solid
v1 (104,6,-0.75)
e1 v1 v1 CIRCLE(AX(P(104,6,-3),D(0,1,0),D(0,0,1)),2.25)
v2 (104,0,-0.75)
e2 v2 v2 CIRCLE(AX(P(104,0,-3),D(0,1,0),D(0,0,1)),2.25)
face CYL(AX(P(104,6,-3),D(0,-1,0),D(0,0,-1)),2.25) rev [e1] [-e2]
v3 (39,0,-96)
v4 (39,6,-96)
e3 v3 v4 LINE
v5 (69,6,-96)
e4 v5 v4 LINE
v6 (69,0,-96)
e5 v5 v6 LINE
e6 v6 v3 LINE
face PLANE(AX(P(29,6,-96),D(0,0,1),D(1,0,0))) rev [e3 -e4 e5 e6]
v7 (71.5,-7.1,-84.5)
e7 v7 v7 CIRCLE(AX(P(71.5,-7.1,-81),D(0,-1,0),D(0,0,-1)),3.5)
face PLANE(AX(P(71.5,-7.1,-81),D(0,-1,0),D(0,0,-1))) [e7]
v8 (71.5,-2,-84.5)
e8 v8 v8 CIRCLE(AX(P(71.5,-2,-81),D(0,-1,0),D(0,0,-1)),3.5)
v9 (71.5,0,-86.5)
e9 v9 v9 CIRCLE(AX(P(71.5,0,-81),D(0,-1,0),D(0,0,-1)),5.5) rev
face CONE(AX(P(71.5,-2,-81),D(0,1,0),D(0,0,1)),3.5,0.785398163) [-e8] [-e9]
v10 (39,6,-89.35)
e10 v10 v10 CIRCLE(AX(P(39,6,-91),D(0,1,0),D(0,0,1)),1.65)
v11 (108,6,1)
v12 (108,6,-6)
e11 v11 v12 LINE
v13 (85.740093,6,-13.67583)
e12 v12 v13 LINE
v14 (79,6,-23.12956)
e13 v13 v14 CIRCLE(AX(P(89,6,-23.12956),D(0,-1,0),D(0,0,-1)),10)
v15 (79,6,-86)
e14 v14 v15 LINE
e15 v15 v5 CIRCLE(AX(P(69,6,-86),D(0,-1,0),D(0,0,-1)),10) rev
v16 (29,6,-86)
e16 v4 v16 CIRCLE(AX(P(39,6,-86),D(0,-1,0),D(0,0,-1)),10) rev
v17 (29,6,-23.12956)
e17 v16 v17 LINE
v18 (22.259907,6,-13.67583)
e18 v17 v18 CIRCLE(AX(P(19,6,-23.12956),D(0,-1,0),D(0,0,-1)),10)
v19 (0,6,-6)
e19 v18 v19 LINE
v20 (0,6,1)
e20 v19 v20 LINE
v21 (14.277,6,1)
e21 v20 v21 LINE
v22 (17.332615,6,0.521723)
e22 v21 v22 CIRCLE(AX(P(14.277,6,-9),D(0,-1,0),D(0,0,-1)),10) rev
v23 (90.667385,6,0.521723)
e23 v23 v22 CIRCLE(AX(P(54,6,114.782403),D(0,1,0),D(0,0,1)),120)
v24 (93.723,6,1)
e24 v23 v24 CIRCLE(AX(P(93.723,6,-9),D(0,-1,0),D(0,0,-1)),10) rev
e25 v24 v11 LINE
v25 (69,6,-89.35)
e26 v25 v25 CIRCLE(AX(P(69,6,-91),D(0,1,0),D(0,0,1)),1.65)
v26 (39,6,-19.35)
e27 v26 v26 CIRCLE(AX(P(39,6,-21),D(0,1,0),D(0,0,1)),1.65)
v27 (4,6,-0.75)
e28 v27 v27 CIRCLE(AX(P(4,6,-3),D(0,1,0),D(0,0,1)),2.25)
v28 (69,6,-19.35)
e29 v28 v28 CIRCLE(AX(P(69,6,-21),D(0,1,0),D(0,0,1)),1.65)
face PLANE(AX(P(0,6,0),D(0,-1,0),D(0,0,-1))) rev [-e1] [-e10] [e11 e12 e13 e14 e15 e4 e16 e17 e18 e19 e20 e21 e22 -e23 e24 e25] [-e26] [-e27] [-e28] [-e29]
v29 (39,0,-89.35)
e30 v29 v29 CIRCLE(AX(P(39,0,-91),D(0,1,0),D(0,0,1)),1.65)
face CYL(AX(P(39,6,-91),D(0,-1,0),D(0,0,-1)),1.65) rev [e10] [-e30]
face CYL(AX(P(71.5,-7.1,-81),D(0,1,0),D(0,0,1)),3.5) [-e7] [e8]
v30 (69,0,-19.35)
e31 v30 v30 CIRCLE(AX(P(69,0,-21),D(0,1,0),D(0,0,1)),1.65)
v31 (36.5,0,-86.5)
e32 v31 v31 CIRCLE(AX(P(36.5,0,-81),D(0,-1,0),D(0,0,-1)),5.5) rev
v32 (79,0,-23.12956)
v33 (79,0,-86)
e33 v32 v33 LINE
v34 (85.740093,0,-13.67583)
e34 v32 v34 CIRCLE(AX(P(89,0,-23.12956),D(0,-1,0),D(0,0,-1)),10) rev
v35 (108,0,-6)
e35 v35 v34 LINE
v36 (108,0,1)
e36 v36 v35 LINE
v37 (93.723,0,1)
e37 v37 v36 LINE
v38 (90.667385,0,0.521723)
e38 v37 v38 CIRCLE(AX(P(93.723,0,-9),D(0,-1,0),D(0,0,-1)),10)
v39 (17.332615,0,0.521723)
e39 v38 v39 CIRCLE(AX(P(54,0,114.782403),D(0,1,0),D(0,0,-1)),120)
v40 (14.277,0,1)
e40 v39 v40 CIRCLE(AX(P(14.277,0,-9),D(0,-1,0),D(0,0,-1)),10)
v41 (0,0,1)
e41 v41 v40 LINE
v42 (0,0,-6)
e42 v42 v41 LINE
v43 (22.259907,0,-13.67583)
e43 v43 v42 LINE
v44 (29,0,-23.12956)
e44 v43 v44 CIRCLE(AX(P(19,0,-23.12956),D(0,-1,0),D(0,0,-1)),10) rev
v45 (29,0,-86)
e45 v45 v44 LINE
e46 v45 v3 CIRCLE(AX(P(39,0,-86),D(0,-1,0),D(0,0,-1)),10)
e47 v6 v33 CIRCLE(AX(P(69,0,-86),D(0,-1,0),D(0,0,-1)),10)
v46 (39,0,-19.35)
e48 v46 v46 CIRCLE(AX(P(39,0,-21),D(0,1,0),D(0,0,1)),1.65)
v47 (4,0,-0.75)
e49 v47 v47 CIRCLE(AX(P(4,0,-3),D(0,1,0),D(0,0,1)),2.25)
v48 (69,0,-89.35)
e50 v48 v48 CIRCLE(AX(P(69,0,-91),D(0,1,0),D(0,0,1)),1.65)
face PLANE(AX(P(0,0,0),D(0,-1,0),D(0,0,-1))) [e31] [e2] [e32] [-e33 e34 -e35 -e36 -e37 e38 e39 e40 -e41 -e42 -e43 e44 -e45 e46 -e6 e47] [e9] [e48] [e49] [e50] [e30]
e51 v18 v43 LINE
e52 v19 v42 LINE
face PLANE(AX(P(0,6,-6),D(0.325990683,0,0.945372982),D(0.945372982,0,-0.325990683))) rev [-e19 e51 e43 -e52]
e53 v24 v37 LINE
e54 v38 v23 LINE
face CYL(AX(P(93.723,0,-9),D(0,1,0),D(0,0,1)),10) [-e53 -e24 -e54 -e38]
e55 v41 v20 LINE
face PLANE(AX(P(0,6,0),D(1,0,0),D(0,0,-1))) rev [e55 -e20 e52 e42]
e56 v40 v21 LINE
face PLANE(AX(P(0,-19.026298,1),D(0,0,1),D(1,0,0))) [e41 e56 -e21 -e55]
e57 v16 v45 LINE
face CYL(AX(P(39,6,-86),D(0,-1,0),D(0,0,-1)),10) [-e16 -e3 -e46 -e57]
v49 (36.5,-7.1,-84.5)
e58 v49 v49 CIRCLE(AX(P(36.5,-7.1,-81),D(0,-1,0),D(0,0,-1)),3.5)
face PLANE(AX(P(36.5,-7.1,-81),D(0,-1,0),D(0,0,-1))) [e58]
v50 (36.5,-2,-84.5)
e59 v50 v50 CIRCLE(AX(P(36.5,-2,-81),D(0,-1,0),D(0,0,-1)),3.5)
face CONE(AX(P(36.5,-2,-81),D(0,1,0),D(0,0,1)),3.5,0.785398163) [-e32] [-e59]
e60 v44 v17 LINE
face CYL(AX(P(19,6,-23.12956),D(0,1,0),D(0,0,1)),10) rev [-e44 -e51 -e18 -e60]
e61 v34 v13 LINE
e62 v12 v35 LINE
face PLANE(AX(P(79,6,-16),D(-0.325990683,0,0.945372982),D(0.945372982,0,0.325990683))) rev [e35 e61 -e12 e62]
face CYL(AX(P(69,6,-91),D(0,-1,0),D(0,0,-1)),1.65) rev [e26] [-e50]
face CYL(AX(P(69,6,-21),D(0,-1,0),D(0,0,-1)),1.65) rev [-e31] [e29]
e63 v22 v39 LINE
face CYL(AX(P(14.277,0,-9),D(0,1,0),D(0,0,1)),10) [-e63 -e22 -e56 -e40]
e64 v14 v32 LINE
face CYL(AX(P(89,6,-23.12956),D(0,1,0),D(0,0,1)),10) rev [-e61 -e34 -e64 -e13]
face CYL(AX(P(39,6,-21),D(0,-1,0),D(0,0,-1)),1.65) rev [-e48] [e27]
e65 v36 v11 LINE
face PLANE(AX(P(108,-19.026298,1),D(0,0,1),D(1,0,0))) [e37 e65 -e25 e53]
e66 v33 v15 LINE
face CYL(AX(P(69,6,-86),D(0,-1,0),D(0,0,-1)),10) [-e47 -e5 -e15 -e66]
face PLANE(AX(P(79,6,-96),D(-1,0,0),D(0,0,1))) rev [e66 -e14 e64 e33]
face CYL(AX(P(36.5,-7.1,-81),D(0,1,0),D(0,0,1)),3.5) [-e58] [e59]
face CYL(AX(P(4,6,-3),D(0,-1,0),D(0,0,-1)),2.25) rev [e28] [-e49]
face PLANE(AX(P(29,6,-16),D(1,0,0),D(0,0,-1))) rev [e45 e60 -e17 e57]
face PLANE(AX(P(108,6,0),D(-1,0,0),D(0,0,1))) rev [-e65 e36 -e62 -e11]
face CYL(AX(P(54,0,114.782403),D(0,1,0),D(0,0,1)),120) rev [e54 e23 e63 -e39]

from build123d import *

# Parameters (mm, degrees)
SKETCH1_R               = 2.25
SKETCH1_R_2             = 1.65
BOSS_EXTRUDE1_DEPTH     = 6
CUT_EXTRUDE1_DEPTH      = 1
CUT_EXTRUDE1_DEPTH_BACK = 7
SKETCH3_R               = 3.5
BOSS_EXTRUDE2_DEPTH     = 7.1
CHAMFER1_SIZE           = 2
BOSS_EXTRUDE3_DEPTH     = 6
FILLET1_R               = 10


with BuildPart() as part:
    # Sketch1 → Boss-Extrude1 (new body)
    with BuildSketch(Plane(origin=(0, 0, 0), x_dir=(1, 0, 0), z_dir=(0, 1, 0))):
        Polygon((0, 0), (108, 0), (108, 6), (79, 16), (79, 96), (29, 96), (29, 16), (0, 6), align=None)
        with Locations((4, 3)):
            Circle(SKETCH1_R, mode=Mode.SUBTRACT)
        with Locations((104, 3)):
            Circle(SKETCH1_R, mode=Mode.SUBTRACT)
        with Locations((39, 91)):
            Circle(SKETCH1_R_2, mode=Mode.SUBTRACT)
        with Locations((69, 91)):
            Circle(SKETCH1_R_2, mode=Mode.SUBTRACT)
        with Locations((39, 21)):
            Circle(SKETCH1_R_2, mode=Mode.SUBTRACT)
        with Locations((69, 21)):
            Circle(SKETCH1_R_2, mode=Mode.SUBTRACT)
    extrude(amount=BOSS_EXTRUDE1_DEPTH)

    # Sketch2 → Cut-Extrude1 (cut, two sides)
    with BuildSketch(Plane(origin=(0, 6, 0), x_dir=(1, 0, 0), z_dir=(0, 1, 0))) as cut_extrude1_sk:
        with BuildLine():
            Line((19, 0), (89, 0))
            ThreePointArc((89, 0), (54, 5.217597168), (19, 0))
        make_face()
    extrude(amount=CUT_EXTRUDE1_DEPTH, mode=Mode.SUBTRACT)
    extrude(cut_extrude1_sk.sketch, amount=-CUT_EXTRUDE1_DEPTH_BACK, mode=Mode.SUBTRACT)

    # Sketch3 → Boss-Extrude2 (add)
    with BuildSketch(Plane.XZ):
        with Locations((36.5, -81)):
            Circle(SKETCH3_R)
        with Locations((71.5, -81)):
            Circle(SKETCH3_R)
    extrude(amount=BOSS_EXTRUDE2_DEPTH)

    # Chamfer1
    chamfer1_edges = [part.edges().sort_by_distance(p)[0] for p in [
        (33, 0, -81),
        (68, 0, -81),
    ]]
    chamfer(chamfer1_edges, length=CHAMFER1_SIZE)

    # Sketch4 → Boss-Extrude3 (add)
    with BuildSketch(Plane(origin=(0, 6, 0), x_dir=(1, 0, 0), z_dir=(0, 1, 0))):
        with BuildLine():
            Line((0, 0), (0, -1))
            Line((0, -1), (15.874355013, -1))
            ThreePointArc((15.874355013, -1), (17.433758893, -0.489314628), (19, 0))
            Line((19, 0), (0, 0))
        make_face()
        with BuildLine():
            Line((108, -1), (92.125644987, -1))
            ThreePointArc((92.125644987, -1), (90.566241107, -0.489314628), (89, 0))
            Line((89, 0), (108, 0))
            Line((108, 0), (108, -1))
        make_face()
    extrude(amount=-BOSS_EXTRUDE3_DEPTH)

    # Fillet1
    fillet1_edges = [part.edges().sort_by_distance(p)[0] for p in [
        (29, 3, -16),
        (29, 3, -96),
        (79, 3, -96),
        (79, 3, -16),
        (15.874355013, 3, 1),
        (92.125644987, 3, 1),
    ]]
    fillet(fillet1_edges, radius=FILLET1_R)


solid = part.part
